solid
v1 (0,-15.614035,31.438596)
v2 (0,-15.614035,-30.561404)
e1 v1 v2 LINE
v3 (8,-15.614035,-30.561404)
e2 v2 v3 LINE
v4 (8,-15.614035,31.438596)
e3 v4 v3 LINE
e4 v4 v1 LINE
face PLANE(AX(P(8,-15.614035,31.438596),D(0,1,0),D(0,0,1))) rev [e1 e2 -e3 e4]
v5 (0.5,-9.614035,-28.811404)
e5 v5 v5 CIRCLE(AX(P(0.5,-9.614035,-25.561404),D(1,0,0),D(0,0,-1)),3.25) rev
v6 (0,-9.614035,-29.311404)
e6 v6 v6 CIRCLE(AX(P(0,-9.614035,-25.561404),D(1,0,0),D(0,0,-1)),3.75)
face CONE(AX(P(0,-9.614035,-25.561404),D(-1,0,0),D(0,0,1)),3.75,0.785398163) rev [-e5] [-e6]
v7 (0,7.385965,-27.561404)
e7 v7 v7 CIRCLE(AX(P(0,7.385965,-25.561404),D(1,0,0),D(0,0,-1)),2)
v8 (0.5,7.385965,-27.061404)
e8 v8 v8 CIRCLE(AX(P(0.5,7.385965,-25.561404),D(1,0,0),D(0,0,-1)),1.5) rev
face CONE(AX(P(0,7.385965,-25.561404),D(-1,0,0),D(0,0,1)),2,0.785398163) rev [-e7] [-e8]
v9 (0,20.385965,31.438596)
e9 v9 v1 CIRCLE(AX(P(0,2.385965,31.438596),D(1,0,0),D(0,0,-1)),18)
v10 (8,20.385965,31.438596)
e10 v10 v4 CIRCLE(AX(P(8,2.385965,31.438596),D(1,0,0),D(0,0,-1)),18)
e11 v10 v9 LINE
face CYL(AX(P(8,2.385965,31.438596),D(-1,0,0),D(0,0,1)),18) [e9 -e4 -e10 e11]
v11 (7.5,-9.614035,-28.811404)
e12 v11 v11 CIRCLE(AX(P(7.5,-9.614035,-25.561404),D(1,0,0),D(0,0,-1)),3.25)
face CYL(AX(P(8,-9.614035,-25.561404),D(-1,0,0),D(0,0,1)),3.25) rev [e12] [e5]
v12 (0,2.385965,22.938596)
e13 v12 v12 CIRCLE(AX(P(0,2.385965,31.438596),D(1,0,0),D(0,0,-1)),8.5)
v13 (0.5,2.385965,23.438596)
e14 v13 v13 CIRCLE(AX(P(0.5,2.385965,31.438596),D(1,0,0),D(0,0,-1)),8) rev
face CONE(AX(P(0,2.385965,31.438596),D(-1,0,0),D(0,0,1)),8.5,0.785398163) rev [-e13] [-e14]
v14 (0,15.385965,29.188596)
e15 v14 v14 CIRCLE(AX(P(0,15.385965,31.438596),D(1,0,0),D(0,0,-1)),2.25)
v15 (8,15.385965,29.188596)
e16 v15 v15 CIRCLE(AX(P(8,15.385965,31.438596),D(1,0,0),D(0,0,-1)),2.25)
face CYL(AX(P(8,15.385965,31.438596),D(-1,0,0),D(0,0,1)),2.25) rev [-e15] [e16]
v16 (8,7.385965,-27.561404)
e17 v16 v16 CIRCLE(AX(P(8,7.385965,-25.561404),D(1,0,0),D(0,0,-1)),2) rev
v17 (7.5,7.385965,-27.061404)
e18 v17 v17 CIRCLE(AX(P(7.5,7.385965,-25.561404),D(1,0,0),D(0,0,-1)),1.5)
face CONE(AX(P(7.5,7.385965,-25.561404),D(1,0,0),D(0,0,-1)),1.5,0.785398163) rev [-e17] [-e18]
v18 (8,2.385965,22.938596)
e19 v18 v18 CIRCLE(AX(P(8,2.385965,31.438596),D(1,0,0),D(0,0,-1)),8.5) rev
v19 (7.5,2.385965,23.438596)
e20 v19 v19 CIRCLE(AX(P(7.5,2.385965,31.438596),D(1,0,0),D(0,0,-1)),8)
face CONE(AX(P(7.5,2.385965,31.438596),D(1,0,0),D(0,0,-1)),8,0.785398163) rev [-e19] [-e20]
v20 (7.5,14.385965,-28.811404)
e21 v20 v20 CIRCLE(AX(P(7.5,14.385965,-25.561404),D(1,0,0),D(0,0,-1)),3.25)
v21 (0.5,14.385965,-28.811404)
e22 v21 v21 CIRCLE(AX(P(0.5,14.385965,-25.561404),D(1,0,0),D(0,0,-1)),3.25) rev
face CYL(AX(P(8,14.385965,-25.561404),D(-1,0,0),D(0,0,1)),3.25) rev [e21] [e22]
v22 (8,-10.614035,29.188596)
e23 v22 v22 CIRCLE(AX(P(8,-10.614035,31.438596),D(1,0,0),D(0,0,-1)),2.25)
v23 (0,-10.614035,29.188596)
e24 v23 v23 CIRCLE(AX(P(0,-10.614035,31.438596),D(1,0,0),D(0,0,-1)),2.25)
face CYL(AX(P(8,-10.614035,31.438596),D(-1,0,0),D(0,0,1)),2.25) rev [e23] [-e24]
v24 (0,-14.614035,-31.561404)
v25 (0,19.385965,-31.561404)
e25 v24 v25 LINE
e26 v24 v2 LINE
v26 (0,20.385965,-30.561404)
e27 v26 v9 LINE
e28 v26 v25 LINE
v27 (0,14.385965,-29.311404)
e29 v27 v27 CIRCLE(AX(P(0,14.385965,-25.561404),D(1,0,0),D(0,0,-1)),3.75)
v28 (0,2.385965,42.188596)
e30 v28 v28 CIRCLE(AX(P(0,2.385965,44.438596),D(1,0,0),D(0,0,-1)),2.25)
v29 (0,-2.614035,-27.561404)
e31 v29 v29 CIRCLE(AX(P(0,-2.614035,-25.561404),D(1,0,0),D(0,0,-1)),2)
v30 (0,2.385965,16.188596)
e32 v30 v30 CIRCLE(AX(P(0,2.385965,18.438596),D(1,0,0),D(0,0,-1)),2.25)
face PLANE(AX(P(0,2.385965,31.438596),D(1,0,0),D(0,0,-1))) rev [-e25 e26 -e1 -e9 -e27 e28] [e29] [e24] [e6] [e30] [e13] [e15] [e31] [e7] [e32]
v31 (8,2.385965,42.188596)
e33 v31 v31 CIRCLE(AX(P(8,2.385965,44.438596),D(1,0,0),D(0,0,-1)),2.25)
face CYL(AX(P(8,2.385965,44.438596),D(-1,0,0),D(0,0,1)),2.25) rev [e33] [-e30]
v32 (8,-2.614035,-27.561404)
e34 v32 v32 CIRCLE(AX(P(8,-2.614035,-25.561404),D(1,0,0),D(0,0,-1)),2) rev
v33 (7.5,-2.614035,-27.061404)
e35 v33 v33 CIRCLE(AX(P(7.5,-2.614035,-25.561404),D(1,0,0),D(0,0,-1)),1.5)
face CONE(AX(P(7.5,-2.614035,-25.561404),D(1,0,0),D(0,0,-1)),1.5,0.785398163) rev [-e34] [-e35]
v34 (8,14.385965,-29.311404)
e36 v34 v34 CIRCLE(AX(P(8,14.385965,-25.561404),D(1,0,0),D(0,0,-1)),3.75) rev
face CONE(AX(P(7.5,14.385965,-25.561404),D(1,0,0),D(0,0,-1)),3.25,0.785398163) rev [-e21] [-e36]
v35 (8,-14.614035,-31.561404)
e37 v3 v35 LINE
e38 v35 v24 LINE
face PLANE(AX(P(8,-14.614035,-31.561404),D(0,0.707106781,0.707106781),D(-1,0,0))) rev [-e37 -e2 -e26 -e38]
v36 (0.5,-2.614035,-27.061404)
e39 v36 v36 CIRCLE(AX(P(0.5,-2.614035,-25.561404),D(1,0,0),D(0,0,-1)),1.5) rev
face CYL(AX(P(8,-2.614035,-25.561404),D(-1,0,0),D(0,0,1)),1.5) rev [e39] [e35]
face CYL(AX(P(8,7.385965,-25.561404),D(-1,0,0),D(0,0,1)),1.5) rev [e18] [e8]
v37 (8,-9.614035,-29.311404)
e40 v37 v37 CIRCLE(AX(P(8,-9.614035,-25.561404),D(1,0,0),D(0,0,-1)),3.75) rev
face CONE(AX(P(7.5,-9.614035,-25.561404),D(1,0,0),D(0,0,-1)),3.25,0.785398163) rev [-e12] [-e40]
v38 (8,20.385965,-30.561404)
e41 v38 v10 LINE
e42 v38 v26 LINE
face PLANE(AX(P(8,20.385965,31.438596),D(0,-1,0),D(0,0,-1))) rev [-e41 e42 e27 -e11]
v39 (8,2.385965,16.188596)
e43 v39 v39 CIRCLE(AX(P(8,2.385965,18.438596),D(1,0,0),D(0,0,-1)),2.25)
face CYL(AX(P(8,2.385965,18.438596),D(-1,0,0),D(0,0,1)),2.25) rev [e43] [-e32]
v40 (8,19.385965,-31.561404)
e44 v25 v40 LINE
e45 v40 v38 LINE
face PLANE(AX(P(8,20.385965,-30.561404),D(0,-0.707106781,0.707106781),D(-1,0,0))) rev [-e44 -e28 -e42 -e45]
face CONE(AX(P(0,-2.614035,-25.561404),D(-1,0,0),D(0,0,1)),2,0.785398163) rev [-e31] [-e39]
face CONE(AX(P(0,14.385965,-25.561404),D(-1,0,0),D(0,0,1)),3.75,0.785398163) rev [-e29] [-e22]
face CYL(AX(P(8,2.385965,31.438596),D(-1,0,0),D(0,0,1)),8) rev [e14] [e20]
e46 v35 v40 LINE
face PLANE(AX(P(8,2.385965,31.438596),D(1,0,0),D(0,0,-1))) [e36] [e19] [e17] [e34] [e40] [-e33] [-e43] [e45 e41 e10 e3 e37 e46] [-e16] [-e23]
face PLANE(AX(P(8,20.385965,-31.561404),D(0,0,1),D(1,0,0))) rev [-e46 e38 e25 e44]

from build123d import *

# Parameters (mm, degrees)
SKETCH1_R           = 8
SKETCH1_R_2         = 2.25
SKETCH1_R_3         = 3.25
SKETCH1_R_4         = 1.5
BOSS_EXTRUDE1_DEPTH = 8
CHAMFER1_SIZE       = 1
CHAMFER2_SIZE       = 0.5


with BuildPart() as part:
    # Sketch1 → Boss-Extrude1 (new body)
    with BuildSketch(Plane(origin=(0, 0, 0), x_dir=(0, 0, -1), z_dir=(1, 0, 0))):
        with BuildLine():
            Line((-31.438596491, 20.385964912), (31.561403509, 20.385964912))
            Line((31.561403509, 20.385964912), (31.561403509, -15.614035088))
            Line((31.561403509, -15.614035088), (-31.438596491, -15.614035088))
            ThreePointArc((-31.438596491, -15.614035088), (-49.438596491, 2.385964912), (-31.438596491, 20.385964912))
        make_face()
        with Locations((-31.438596491, 2.385964912)):
            Circle(SKETCH1_R, mode=Mode.SUBTRACT)
        with Locations((-31.438596491, 15.385964912)):
            Circle(SKETCH1_R_2, mode=Mode.SUBTRACT)
        with Locations((-18.438596491, 2.385964912)):
            Circle(SKETCH1_R_2, mode=Mode.SUBTRACT)
        with Locations((-31.438596491, -10.614035088)):
            Circle(SKETCH1_R_2, mode=Mode.SUBTRACT)
        with Locations((-44.438596491, 2.385964912)):
            Circle(SKETCH1_R_2, mode=Mode.SUBTRACT)
        with Locations((25.561403509, 14.385964912)):
            Circle(SKETCH1_R_3, mode=Mode.SUBTRACT)
        with Locations((25.561403509, 7.385964912)):
            Circle(SKETCH1_R_4, mode=Mode.SUBTRACT)
        with Locations(Location((25.561403509, -2.614035088, 0), (0, 0, 180))):
            Circle(SKETCH1_R_4, mode=Mode.SUBTRACT)
        with Locations(Location((25.561403509, -9.614035088, 0), (0, 0, 180))):
            Circle(SKETCH1_R_3, mode=Mode.SUBTRACT)
    extrude(amount=BOSS_EXTRUDE1_DEPTH)

    # Chamfer1
    chamfer1_edges = [part.edges().sort_by_distance(p)[0] for p in [
        (4, 20.385964912, -31.561403509),
        (4, -15.614035088, -31.561403509),
    ]]
    chamfer(chamfer1_edges, length=CHAMFER1_SIZE)

    # Chamfer2
    chamfer2_edges = [part.edges().sort_by_distance(p)[0] for p in [
        (0, 2.385964912, 39.438596491),
        (8, 2.385964912, 39.438596491),
        (0, 14.385964912, -22.311403509),
        (8, 14.385964912, -22.311403509),
        (0, 7.385964912, -24.061403509),
        (8, 7.385964912, -24.061403509),
        (0, -2.614035088, -27.061403509),
        (8, -2.614035088, -27.061403509),
        (0, -9.614035088, -28.811403509),
        (8, -9.614035088, -28.811403509),
    ]]
    chamfer(chamfer2_edges, length=CHAMFER2_SIZE)


solid = part.part
